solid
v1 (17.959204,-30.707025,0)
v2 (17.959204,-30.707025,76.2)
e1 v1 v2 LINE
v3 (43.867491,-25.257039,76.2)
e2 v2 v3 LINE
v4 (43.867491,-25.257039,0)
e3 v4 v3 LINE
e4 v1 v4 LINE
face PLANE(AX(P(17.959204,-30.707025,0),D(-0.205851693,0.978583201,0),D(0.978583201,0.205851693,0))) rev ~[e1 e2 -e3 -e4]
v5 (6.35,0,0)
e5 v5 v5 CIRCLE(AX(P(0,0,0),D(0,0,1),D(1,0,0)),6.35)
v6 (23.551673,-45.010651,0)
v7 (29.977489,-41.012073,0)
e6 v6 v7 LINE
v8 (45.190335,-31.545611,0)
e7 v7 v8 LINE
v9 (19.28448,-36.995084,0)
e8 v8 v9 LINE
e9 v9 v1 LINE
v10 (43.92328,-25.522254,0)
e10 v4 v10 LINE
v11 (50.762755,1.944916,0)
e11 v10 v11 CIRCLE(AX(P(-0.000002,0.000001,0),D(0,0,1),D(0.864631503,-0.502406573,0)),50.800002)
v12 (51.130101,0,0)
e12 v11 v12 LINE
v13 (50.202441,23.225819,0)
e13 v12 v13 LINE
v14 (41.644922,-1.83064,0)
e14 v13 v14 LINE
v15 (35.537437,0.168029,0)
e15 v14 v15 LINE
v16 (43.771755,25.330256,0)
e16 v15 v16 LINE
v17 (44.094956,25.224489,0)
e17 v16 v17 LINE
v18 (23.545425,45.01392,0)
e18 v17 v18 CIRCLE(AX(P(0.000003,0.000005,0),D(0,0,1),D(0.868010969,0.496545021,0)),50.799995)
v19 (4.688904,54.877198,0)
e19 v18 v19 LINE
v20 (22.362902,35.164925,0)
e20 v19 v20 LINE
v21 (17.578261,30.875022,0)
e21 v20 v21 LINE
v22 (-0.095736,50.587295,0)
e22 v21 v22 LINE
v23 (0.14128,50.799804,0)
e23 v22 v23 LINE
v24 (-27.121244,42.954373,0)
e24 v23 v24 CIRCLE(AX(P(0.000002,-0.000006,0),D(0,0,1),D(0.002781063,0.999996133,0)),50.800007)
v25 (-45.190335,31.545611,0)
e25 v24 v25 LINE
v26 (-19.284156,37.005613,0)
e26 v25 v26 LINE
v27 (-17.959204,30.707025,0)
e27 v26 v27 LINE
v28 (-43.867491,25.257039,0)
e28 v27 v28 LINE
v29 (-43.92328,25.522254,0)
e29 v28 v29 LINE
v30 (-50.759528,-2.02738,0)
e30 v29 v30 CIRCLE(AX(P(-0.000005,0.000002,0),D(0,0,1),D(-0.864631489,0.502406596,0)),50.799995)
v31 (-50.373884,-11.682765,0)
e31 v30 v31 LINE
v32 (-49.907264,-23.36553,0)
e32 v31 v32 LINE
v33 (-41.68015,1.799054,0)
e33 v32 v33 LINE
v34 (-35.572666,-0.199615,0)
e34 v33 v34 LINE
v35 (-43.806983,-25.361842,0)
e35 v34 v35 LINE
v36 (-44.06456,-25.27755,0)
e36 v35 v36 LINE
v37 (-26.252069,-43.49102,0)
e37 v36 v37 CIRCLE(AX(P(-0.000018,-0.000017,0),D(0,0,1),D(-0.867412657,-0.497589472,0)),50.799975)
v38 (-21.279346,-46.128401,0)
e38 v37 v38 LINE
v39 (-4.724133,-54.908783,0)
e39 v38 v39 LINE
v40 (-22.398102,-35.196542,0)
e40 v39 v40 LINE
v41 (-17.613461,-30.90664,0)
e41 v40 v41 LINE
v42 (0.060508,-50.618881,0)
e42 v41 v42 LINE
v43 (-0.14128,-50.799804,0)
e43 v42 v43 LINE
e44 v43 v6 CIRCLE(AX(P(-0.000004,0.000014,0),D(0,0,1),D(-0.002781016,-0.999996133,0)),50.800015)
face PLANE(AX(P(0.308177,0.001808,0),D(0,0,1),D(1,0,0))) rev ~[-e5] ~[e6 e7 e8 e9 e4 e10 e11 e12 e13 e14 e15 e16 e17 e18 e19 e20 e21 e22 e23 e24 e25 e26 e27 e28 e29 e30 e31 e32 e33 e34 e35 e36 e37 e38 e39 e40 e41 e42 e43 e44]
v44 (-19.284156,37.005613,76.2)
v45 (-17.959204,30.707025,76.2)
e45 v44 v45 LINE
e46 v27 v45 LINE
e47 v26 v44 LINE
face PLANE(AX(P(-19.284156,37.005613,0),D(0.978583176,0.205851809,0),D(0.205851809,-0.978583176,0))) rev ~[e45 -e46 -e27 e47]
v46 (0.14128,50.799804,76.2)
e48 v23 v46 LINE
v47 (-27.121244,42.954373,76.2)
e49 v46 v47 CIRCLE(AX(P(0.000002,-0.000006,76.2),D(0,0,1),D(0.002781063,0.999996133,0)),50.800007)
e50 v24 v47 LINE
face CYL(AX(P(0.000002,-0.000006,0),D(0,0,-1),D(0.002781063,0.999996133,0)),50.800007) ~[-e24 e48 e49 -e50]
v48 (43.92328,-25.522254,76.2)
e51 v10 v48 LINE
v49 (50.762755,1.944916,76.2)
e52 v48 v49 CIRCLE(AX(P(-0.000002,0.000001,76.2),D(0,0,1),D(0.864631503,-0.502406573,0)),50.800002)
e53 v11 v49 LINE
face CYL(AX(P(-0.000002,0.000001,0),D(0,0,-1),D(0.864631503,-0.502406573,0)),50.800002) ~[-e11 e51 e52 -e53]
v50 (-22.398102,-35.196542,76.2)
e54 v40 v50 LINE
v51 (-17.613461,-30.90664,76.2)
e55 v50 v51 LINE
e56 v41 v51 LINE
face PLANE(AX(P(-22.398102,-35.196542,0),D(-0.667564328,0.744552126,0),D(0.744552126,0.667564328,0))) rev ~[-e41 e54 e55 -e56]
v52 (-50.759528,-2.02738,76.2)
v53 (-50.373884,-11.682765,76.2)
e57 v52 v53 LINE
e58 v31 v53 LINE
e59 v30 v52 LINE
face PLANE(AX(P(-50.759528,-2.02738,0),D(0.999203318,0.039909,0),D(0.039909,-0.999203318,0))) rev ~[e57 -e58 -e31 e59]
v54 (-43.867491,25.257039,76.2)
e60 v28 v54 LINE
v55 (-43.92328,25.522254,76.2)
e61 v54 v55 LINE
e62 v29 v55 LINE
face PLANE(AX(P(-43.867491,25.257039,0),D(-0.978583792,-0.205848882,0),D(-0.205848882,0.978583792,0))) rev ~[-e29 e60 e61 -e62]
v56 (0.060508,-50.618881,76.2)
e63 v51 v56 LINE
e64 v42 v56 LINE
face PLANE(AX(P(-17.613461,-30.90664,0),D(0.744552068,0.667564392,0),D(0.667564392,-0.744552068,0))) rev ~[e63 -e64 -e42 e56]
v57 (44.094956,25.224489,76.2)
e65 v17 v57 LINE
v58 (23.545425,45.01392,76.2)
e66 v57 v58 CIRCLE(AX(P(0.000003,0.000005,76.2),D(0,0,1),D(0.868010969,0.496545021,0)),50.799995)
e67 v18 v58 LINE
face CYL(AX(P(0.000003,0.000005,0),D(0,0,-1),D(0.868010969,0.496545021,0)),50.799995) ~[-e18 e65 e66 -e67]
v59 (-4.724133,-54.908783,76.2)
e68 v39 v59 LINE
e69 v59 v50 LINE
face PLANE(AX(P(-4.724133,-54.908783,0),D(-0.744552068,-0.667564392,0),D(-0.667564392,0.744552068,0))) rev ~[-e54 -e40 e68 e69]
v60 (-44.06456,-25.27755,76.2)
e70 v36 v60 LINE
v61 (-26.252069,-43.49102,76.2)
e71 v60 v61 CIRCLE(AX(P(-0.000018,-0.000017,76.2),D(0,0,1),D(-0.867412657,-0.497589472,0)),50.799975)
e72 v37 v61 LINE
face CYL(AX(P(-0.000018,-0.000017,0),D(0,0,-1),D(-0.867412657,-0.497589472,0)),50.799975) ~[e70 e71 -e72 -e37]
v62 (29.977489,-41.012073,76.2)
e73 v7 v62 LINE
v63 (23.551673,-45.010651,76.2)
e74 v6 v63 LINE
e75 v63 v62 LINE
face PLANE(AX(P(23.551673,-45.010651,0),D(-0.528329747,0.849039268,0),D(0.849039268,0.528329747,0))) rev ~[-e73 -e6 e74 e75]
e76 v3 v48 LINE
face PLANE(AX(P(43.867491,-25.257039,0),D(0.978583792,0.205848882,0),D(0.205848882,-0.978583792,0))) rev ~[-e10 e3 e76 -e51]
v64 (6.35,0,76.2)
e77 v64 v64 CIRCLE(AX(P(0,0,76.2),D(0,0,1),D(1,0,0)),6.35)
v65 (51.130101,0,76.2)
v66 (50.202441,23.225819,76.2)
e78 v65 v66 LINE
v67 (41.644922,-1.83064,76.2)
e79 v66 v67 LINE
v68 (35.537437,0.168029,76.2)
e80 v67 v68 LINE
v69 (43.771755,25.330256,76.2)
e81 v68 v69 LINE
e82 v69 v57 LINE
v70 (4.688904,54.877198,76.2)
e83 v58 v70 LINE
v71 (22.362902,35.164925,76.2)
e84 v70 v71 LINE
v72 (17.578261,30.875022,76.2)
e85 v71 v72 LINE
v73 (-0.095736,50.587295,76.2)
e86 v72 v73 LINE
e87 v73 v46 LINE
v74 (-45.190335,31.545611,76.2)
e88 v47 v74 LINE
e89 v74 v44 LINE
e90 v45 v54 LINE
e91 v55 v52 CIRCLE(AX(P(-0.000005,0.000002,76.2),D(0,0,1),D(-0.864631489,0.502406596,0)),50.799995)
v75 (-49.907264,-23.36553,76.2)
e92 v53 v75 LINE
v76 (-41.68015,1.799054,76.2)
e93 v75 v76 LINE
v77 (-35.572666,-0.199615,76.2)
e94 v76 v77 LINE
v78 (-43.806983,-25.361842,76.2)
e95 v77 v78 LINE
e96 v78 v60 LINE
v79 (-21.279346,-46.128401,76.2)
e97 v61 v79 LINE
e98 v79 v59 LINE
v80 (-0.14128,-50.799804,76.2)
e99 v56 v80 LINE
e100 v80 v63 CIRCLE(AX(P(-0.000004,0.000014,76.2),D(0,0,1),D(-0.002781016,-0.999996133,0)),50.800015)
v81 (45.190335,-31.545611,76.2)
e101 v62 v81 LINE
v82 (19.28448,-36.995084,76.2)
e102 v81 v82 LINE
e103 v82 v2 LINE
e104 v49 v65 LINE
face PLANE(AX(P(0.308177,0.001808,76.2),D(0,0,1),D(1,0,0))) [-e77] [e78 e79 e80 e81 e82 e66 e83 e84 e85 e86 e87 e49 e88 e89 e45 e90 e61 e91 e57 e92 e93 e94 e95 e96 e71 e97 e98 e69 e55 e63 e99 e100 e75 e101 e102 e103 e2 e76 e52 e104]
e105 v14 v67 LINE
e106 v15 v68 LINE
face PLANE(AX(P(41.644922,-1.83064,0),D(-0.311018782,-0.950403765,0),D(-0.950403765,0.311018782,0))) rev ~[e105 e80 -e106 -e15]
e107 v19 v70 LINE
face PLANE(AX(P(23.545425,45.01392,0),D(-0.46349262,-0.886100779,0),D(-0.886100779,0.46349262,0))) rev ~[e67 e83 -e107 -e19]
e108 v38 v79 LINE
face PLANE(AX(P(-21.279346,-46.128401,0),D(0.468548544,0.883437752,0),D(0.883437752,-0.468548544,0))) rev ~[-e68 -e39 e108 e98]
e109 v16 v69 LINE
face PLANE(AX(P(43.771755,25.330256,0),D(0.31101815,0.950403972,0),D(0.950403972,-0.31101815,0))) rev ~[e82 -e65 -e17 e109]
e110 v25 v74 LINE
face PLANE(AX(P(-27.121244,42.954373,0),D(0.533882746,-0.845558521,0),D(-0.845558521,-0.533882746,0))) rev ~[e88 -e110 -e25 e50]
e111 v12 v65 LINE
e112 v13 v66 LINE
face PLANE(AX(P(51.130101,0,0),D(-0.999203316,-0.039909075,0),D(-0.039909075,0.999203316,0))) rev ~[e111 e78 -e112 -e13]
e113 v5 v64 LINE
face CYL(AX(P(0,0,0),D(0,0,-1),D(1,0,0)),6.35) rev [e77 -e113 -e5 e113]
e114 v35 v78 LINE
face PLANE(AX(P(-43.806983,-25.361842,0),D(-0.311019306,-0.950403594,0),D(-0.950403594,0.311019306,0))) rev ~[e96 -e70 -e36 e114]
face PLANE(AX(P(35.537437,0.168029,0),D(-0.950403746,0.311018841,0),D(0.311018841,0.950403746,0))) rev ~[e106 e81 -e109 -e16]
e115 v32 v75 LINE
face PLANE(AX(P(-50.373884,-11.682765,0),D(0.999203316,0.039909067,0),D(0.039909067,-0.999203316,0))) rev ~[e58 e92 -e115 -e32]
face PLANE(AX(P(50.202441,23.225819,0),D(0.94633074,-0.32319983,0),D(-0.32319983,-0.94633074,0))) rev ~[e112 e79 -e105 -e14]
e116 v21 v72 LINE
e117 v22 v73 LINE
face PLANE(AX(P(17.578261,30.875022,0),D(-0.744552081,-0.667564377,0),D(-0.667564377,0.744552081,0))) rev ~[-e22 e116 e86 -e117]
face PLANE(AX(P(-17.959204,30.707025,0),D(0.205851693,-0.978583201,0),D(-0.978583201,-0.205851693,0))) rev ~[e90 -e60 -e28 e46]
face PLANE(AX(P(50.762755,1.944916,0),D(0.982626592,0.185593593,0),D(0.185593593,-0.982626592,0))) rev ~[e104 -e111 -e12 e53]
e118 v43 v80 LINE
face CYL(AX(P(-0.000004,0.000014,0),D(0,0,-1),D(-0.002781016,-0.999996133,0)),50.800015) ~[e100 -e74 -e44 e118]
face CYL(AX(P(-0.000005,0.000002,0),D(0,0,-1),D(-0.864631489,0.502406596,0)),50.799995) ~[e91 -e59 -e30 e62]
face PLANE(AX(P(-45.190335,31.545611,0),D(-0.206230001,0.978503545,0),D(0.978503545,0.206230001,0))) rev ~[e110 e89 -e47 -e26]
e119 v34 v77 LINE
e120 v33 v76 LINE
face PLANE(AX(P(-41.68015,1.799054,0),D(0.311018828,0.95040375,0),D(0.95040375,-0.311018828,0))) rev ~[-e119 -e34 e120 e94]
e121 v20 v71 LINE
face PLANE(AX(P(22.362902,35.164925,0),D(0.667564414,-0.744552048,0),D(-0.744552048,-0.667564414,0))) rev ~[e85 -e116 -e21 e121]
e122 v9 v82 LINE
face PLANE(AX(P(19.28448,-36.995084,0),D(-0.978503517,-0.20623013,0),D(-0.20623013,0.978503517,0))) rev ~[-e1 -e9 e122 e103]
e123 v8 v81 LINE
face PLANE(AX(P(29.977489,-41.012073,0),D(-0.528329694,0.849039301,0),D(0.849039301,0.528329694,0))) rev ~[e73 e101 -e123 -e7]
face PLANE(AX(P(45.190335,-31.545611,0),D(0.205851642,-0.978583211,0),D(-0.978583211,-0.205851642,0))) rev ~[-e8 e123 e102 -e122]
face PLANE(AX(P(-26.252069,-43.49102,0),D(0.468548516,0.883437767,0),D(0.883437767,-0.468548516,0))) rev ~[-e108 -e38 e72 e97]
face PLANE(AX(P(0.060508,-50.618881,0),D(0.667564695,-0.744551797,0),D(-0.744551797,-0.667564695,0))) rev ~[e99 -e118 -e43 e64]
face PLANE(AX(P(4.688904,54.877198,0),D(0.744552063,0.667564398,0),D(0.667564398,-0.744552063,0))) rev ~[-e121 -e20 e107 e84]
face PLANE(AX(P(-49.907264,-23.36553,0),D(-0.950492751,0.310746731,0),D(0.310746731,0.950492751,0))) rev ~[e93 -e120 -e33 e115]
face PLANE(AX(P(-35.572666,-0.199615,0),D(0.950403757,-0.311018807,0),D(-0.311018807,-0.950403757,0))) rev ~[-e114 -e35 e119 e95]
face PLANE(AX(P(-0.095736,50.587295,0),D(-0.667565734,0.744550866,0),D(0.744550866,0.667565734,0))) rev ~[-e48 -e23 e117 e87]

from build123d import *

# Parameters (mm, degrees)
F0_R     = 6.35
F1_DEPTH = 76.2


with BuildPart() as f1:
    # F0 (on Top) → F1 (new body)
    with BuildSketch(Plane.XY):
        with BuildLine():
            Line((-43.806983, -25.361842), (-44.06456, -25.27755))
            ThreePointArc((-44.06456, -25.27755), (-36.318587, -35.519013), (-26.252069, -43.49102))
            Line((-26.252069, -43.49102), (-21.279346, -46.128401))
            Line((-21.279346, -46.128401), (-4.724133, -54.908783))
            Line((-4.724133, -54.908783), (-22.398102, -35.196542))
            Line((-22.398102, -35.196542), (-17.613461, -30.90664))
            Line((-17.613461, -30.90664), (0.060508, -50.618881))
            Line((0.060508, -50.618881), (-0.14128, -50.799804))
            ThreePointArc((-0.14128, -50.799804), (12.057786, -49.34825), (23.551673, -45.010651))
            Line((23.551673, -45.010651), (29.977489, -41.012073))
            Line((29.977489, -41.012073), (45.190335, -31.545611))
            Line((45.190335, -31.545611), (19.28448, -36.995084))
            Line((19.28448, -36.995084), (17.959204, -30.707025))
            Line((17.959204, -30.707025), (43.867491, -25.257039))
            Line((43.867491, -25.257039), (43.92328, -25.522254))
            ThreePointArc((43.92328, -25.522254), (49.294753, -12.274661), (50.762755, 1.944916))
            Line((50.762755, 1.944916), (51.130101, 0))
            Line((51.130101, 0), (50.202441, 23.225819))
            Line((50.202441, 23.225819), (41.644922, -1.83064))
            Line((41.644922, -1.83064), (35.537437, 0.168029))
            Line((35.537437, 0.168029), (43.771755, 25.330256))
            Line((43.771755, 25.330256), (44.094956, 25.224489))
            ThreePointArc((44.094956, 25.224489), (35.237916, 36.591383), (23.545425, 45.01392))
            Line((23.545425, 45.01392), (4.688904, 54.877198))
            Line((4.688904, 54.877198), (22.362902, 35.164925))
            Line((22.362902, 35.164925), (17.578261, 30.875022))
            Line((17.578261, 30.875022), (-0.095736, 50.587295))
            Line((-0.095736, 50.587295), (0.14128, 50.799804))
            ThreePointArc((0.14128, 50.799804), (-14.048748, 48.818774), (-27.121244, 42.954373))
            Line((-27.121244, 42.954373), (-45.190335, 31.545611))
            Line((-45.190335, 31.545611), (-19.284156, 37.005613))
            Line((-19.284156, 37.005613), (-17.959204, 30.707025))
            Line((-17.959204, 30.707025), (-43.867491, 25.257039))
            Line((-43.867491, 25.257039), (-43.92328, 25.522254))
            ThreePointArc((-43.92328, 25.522254), (-49.304707, 12.234617), (-50.759528, -2.02738))
            Line((-50.759528, -2.02738), (-50.373884, -11.682765))
            Line((-50.373884, -11.682765), (-49.907264, -23.36553))
            Line((-49.907264, -23.36553), (-41.68015, 1.799054))
            Line((-41.68015, 1.799054), (-35.572666, -0.199615))
            Line((-35.572666, -0.199615), (-43.806983, -25.361842))
        make_face()
        Circle(F0_R, mode=Mode.SUBTRACT)
    extrude(amount=F1_DEPTH)


solid = f1.part
